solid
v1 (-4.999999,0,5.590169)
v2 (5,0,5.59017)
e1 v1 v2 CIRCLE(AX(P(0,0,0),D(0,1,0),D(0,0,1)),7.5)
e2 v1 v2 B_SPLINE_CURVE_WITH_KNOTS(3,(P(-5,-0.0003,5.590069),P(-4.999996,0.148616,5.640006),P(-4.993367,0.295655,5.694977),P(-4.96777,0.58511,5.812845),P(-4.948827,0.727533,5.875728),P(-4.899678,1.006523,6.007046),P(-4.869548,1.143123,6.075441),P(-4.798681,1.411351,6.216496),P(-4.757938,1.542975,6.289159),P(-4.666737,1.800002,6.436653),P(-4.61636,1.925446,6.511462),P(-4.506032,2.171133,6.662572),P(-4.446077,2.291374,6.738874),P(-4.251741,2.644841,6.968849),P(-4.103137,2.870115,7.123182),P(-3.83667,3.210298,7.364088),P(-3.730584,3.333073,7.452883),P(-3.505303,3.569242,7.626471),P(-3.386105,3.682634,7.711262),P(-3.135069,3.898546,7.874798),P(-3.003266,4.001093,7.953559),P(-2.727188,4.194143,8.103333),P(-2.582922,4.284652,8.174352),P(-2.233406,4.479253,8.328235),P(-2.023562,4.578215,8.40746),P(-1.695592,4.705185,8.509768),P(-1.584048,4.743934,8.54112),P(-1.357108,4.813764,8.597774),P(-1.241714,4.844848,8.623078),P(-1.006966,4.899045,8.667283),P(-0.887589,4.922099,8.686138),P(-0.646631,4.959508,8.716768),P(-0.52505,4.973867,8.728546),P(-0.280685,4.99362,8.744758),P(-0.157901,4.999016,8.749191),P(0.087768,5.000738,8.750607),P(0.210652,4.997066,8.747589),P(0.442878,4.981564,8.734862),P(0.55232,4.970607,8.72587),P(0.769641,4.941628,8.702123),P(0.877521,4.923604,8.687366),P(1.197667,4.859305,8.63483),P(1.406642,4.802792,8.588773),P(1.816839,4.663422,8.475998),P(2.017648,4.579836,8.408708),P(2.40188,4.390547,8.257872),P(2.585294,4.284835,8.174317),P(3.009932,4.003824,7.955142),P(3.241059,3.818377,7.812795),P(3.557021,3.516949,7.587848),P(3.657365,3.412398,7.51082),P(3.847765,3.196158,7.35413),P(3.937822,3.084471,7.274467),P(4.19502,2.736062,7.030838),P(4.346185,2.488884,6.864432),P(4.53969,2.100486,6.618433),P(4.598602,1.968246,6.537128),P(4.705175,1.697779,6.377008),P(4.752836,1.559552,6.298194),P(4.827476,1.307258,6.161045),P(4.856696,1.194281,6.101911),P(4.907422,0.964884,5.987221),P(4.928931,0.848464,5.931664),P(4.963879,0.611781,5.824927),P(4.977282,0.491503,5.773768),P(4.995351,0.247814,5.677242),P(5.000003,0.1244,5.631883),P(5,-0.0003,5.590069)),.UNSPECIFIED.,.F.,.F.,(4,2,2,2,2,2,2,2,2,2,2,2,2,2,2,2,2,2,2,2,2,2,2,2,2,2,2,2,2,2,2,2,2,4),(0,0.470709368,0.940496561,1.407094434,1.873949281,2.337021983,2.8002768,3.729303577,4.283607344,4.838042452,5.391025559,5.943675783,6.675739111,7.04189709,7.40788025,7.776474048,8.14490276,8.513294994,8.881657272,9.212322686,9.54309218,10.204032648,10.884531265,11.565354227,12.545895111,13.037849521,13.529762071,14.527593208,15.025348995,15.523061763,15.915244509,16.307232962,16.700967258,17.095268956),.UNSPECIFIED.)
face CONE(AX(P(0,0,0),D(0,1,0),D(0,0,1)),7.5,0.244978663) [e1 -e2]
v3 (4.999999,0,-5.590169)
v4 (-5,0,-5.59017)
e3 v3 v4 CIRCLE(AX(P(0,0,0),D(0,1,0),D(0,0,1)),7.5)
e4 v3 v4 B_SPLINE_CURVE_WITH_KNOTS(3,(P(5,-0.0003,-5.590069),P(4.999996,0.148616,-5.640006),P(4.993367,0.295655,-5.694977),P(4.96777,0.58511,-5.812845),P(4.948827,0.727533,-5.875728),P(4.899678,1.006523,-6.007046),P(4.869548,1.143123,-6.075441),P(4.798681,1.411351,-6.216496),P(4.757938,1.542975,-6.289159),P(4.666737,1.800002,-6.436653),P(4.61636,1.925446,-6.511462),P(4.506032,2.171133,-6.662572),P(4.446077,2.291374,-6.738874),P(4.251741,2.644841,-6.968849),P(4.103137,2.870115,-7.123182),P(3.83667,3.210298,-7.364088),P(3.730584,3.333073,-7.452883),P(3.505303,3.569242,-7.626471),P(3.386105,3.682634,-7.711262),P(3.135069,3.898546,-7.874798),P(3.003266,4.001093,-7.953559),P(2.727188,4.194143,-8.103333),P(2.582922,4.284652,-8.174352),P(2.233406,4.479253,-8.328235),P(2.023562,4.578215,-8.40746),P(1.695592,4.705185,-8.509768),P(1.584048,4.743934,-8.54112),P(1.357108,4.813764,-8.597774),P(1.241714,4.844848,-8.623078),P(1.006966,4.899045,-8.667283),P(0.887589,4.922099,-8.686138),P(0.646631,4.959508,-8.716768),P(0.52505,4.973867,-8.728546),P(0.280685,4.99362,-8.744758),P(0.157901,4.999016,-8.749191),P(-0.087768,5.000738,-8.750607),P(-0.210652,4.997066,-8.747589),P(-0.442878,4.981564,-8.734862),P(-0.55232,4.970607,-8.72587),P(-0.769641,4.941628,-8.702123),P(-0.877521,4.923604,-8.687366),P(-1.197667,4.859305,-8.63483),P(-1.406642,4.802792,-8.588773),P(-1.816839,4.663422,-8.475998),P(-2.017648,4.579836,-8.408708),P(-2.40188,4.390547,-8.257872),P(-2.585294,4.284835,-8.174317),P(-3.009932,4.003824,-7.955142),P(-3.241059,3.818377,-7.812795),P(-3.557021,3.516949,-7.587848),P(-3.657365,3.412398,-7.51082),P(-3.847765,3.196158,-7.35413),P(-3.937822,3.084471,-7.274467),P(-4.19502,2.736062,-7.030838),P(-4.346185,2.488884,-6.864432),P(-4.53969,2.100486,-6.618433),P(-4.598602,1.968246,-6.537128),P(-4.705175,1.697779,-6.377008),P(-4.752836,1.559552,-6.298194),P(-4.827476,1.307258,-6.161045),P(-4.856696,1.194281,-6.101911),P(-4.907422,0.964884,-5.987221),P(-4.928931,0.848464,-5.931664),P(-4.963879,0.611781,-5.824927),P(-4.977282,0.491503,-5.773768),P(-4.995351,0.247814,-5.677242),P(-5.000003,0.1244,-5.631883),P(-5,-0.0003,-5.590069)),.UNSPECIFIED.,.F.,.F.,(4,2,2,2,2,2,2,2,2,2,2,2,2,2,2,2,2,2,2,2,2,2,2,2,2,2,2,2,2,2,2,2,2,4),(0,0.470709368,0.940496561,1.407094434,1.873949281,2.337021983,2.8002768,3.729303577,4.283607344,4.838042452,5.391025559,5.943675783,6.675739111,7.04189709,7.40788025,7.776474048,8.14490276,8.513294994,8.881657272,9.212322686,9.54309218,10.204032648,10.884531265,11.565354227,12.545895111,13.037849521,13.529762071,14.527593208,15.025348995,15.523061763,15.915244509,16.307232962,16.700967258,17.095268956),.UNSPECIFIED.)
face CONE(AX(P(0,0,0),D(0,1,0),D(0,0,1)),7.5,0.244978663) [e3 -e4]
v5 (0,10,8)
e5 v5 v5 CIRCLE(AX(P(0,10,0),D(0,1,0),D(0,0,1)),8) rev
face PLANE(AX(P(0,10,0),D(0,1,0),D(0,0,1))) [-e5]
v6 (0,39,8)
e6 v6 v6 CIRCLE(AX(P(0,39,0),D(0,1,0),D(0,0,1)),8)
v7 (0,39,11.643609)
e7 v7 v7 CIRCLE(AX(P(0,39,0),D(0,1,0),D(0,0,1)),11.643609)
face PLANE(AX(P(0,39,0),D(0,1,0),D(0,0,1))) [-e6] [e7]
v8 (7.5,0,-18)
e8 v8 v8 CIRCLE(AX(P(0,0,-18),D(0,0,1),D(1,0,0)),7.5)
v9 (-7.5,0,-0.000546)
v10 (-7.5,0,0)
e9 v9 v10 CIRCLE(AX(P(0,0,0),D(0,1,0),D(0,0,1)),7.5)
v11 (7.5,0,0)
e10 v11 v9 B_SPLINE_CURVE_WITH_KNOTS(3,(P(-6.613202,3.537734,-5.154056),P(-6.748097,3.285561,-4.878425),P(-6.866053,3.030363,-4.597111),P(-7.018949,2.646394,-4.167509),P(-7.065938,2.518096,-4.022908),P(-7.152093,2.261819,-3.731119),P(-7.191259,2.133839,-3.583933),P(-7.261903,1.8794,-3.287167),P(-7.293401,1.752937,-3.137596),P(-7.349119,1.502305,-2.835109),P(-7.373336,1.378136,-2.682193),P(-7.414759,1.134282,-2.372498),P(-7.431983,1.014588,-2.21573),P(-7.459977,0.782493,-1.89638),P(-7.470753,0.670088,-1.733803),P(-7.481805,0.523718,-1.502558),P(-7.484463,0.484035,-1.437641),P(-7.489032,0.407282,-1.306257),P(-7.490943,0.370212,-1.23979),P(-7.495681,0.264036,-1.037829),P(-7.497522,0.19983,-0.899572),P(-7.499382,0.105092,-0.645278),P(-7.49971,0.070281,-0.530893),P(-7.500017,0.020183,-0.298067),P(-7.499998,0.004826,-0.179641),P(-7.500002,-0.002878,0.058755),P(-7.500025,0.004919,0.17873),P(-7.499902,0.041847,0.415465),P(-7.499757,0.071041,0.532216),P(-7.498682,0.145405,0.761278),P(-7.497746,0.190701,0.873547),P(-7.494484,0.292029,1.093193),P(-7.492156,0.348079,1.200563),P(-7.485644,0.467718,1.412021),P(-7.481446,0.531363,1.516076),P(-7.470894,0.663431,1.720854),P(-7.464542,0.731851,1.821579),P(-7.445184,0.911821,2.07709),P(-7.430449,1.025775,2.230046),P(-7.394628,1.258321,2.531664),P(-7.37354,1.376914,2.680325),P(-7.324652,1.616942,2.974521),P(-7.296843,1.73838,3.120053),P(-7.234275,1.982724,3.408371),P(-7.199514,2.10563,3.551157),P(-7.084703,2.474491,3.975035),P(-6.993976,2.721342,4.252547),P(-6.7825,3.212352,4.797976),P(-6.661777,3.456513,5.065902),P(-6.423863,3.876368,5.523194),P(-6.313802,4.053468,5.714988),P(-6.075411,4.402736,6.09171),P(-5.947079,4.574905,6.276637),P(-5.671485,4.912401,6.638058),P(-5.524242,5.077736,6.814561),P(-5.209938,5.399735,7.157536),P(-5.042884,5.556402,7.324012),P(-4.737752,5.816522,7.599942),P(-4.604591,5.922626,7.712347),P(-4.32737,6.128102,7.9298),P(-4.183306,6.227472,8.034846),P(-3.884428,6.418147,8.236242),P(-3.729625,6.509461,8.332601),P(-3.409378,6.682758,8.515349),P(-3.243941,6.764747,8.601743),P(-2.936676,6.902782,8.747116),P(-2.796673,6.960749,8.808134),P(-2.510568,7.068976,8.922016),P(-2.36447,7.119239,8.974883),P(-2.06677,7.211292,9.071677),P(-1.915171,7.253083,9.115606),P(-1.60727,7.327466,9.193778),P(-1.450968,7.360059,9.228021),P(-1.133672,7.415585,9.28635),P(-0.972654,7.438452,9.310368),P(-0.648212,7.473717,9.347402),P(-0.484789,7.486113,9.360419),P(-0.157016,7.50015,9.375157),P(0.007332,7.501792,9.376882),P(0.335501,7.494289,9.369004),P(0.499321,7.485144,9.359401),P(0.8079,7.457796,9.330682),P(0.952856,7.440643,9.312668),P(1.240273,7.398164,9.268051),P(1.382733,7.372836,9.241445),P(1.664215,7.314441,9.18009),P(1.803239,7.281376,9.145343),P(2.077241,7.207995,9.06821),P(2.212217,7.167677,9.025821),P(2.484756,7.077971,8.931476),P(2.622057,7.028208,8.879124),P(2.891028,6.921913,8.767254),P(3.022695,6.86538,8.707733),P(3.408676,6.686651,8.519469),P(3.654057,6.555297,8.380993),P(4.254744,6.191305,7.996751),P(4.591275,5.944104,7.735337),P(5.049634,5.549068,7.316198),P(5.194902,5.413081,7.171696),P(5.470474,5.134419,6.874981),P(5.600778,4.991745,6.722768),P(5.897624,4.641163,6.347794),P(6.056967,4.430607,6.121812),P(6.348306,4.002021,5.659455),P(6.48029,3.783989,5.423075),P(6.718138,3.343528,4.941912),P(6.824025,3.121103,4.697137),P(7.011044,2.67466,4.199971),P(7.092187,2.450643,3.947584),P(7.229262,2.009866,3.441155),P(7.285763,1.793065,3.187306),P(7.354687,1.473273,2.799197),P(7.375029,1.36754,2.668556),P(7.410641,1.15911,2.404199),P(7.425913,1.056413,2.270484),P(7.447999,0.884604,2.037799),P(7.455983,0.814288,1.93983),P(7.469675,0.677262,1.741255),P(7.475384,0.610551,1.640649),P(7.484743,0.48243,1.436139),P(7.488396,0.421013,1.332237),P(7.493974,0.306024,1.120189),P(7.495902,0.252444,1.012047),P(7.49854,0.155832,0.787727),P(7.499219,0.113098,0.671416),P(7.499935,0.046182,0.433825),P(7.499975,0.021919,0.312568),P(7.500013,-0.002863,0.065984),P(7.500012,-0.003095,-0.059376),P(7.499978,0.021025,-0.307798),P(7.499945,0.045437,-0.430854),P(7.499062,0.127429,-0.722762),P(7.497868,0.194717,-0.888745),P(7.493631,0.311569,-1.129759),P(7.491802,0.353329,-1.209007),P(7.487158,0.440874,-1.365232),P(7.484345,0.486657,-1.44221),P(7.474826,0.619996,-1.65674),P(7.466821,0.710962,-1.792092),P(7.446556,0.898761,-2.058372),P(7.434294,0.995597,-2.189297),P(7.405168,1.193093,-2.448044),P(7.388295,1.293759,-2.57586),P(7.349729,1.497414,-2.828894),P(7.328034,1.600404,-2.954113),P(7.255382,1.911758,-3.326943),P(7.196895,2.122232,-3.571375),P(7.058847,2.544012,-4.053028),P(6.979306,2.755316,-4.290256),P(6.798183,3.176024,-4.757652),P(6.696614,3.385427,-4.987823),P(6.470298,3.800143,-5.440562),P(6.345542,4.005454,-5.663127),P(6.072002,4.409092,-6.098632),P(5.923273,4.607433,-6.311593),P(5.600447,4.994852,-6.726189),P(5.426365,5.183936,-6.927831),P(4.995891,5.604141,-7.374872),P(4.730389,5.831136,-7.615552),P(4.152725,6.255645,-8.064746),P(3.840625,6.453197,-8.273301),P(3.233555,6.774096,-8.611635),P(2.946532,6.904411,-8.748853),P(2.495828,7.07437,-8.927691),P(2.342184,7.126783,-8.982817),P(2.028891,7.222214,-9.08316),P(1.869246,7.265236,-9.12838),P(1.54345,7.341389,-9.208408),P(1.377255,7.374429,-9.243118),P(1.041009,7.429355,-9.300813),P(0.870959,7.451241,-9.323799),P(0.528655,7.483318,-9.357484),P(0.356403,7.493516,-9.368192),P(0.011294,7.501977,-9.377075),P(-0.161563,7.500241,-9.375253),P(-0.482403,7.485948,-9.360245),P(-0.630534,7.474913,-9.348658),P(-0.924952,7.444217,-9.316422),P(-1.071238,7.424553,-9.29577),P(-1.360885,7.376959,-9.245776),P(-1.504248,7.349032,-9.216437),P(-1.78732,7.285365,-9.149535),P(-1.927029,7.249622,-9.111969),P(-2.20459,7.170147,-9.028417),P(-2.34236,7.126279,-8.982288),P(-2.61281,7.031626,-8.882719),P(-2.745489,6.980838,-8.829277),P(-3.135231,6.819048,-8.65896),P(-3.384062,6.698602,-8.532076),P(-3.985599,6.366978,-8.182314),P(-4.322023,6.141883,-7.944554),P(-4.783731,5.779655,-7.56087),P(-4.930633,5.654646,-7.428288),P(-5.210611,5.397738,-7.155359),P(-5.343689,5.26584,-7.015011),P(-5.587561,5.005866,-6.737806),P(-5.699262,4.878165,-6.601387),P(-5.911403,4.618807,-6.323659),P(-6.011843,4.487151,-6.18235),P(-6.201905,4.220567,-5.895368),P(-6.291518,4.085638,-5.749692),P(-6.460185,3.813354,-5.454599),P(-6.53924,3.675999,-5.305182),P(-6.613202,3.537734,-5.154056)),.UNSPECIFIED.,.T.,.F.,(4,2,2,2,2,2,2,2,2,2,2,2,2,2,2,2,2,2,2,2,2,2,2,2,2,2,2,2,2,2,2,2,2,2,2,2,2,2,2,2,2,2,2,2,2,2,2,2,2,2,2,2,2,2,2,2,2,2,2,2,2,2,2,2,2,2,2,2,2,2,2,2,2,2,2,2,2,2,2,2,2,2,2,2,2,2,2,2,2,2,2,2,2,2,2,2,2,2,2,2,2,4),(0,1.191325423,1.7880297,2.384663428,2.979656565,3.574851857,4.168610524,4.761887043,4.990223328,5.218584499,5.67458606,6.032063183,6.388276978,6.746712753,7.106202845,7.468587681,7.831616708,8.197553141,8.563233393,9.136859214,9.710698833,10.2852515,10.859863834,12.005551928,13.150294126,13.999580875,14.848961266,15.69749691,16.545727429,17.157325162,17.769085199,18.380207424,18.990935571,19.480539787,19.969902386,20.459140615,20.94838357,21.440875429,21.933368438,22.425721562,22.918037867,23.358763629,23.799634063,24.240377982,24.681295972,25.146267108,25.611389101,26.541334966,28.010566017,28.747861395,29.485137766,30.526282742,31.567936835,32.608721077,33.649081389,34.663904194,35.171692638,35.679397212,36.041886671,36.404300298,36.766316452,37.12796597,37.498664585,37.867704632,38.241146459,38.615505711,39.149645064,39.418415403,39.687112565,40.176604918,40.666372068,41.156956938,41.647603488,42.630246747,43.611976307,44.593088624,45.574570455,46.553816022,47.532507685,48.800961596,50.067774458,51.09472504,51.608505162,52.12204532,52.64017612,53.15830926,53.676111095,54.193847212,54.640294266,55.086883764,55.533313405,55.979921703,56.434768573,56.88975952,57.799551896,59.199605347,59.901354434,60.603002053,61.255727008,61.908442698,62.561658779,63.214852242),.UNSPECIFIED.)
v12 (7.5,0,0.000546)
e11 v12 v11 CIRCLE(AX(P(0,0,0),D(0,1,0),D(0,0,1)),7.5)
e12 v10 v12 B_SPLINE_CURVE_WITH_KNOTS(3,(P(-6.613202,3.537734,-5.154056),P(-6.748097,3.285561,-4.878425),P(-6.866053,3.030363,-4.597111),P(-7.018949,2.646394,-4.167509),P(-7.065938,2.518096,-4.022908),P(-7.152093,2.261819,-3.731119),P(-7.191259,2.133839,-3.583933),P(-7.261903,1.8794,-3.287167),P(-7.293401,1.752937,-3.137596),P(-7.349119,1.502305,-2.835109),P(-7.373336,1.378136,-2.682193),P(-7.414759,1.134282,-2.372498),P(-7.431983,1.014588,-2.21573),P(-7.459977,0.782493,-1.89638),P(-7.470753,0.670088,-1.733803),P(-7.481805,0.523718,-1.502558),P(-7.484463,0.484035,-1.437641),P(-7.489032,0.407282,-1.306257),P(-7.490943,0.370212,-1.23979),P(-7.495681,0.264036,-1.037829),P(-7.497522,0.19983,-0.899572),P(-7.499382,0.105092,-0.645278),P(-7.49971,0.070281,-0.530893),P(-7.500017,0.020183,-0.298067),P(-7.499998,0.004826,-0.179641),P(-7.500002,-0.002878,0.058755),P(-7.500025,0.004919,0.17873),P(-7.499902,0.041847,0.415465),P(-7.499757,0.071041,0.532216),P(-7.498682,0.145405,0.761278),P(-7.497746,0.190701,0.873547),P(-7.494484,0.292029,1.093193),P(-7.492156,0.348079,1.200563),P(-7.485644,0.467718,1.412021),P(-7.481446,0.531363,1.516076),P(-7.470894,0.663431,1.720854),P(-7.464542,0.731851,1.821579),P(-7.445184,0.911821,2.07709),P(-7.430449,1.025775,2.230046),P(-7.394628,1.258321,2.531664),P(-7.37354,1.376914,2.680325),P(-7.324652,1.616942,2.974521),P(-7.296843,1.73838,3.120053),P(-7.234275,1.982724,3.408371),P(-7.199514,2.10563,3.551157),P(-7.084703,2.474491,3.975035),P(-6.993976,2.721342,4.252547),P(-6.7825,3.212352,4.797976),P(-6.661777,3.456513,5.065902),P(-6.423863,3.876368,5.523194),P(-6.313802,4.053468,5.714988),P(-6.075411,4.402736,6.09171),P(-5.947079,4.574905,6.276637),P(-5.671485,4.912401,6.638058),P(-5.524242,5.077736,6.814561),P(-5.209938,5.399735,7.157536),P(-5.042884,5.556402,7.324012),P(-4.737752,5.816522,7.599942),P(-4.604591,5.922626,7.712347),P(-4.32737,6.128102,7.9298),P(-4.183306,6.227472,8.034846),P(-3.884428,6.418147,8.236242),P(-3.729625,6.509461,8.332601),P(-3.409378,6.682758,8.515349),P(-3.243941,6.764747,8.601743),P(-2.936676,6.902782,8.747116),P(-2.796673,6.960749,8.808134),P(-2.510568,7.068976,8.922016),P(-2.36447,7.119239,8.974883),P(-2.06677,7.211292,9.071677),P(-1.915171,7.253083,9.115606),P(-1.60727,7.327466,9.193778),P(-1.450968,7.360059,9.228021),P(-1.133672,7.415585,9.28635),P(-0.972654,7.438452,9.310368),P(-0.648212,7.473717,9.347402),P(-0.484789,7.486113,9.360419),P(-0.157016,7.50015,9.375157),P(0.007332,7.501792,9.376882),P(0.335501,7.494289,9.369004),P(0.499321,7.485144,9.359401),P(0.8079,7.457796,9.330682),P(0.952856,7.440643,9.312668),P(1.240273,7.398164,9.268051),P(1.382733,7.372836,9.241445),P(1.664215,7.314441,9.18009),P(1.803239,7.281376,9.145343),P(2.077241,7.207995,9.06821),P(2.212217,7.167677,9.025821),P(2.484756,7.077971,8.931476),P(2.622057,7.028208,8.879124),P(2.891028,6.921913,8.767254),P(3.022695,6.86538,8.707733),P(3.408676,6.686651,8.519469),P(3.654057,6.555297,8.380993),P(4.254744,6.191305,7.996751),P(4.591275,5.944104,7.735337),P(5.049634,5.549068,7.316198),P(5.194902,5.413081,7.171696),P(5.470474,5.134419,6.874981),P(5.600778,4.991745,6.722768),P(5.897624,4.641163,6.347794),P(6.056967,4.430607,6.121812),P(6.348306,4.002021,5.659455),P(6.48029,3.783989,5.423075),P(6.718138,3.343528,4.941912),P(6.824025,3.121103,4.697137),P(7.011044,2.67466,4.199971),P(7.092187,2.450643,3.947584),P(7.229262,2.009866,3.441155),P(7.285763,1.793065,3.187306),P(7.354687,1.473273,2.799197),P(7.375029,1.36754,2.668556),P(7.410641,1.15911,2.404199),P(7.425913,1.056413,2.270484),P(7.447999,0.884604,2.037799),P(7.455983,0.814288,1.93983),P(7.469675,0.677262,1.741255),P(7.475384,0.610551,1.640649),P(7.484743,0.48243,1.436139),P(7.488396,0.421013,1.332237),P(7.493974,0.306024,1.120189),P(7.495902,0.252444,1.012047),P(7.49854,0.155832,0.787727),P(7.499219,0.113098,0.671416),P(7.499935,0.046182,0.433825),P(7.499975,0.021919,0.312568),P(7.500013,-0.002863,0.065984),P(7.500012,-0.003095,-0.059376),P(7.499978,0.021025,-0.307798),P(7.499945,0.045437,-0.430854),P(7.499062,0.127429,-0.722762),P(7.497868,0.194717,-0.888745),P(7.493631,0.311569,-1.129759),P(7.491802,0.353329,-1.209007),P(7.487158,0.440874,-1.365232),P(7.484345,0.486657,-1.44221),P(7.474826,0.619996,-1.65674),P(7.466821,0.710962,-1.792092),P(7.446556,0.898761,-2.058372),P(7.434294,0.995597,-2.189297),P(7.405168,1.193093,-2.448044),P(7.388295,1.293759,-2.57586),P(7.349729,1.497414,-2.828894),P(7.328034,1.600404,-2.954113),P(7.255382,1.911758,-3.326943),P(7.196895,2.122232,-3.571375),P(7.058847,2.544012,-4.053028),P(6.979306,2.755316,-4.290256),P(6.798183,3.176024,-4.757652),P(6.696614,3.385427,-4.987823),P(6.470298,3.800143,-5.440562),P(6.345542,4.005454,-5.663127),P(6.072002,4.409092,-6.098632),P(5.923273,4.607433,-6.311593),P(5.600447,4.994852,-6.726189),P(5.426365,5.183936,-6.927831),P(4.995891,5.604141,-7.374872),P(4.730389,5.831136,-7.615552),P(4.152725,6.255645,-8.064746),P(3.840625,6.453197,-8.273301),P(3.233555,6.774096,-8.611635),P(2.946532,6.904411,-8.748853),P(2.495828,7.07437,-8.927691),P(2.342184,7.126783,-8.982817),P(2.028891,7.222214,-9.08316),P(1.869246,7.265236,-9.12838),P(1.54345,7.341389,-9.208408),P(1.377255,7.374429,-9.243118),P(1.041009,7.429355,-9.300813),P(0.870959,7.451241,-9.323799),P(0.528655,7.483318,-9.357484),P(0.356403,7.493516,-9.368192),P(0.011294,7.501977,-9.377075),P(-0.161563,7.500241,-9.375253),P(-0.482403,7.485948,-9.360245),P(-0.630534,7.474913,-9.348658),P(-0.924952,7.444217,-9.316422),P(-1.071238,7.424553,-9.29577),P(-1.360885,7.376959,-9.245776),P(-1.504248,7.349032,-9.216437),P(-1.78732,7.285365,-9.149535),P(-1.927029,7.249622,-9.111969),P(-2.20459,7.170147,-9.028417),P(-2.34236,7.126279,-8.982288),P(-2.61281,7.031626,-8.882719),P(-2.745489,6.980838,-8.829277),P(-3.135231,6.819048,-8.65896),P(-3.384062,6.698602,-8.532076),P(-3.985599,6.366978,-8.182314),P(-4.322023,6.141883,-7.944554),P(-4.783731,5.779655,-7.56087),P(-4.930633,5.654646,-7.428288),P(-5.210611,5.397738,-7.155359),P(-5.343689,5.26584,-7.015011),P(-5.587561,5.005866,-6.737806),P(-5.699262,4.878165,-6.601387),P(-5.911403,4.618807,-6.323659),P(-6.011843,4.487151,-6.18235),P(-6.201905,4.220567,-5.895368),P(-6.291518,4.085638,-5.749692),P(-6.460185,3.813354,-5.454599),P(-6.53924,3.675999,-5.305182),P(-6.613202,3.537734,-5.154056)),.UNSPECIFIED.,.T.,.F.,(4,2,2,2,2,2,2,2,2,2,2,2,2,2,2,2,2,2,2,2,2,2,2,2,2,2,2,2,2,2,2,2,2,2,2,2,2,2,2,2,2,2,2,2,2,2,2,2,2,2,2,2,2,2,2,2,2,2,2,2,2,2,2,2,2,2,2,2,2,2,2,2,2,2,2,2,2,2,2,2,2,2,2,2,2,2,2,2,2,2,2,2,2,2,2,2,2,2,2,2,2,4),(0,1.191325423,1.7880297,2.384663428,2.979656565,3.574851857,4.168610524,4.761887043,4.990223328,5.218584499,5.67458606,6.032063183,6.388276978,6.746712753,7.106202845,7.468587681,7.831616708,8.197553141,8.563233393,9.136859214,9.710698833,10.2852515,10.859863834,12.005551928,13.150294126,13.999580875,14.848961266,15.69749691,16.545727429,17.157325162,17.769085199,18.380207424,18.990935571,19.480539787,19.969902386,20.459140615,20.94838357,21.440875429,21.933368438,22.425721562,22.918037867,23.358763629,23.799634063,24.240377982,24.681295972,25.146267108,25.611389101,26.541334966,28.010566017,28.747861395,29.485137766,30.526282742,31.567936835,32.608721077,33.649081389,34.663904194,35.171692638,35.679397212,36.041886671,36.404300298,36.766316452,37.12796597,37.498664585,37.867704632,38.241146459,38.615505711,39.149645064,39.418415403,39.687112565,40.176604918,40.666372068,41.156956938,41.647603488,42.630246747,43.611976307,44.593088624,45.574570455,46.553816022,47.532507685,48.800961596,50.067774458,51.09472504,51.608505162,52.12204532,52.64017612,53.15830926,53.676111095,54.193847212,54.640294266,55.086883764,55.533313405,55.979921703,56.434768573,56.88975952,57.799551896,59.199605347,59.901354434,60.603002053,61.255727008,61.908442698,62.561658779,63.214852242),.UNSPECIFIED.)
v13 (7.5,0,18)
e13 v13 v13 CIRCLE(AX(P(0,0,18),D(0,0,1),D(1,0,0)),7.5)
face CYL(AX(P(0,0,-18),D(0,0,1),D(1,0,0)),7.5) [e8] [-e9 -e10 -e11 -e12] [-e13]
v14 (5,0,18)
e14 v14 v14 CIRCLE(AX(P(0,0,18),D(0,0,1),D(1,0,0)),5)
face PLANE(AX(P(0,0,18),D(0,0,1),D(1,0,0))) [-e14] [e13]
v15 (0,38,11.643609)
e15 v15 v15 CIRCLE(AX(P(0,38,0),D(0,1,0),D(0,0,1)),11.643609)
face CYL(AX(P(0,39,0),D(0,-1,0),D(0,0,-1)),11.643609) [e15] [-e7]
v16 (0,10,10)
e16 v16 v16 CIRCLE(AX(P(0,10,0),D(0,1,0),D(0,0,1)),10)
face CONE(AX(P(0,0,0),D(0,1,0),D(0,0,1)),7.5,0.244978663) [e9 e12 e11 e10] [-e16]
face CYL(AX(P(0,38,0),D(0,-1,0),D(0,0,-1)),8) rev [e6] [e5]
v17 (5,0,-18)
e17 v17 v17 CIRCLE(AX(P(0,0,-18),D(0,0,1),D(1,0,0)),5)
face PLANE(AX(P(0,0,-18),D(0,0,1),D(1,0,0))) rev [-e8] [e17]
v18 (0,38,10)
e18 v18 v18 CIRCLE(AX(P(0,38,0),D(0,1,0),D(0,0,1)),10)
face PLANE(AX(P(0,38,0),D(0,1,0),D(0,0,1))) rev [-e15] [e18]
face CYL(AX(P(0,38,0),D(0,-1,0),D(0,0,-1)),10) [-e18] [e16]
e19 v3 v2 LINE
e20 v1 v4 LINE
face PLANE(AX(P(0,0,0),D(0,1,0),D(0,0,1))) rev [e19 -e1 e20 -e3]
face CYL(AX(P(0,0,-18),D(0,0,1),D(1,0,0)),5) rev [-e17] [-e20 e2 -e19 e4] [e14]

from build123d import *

# Parameters (mm, degrees)
SKETCH1_R                = 7.5
SKETCH1_R_2              = 5
BOSS_EXTRUDE1_DEPTH      = 18
BOSS_EXTRUDE1_DEPTH_BACK = 18
SKETCH3_R                = 10
SKETCH2_R                = 7.5
SKETCH4_R                = 10
SKETCH4_R_2              = 8
BOSS_EXTRUDE3_DEPTH      = 28
SKETCH5_R                = 11.643608711
SKETCH5_R_2              = 8
BOSS_EXTRUDE4_DEPTH      = 1


with BuildPart() as part:
    # Sketch1 → Boss-Extrude1 (new body, two sides)
    with BuildSketch(Plane.XY) as boss_extrude1_sk:
        Circle(SKETCH1_R)
        Circle(SKETCH1_R_2, mode=Mode.SUBTRACT)
    extrude(amount=BOSS_EXTRUDE1_DEPTH)
    extrude(boss_extrude1_sk.sketch, amount=-BOSS_EXTRUDE1_DEPTH_BACK)

    # Sketch3 → Loft1 section 0
    with BuildSketch(Plane(origin=(0, 10, 0), x_dir=(1, 0, 0), z_dir=(0, 1, 0))):
        Circle(SKETCH3_R)
    # Sketch2 → Loft1 section 1
    with BuildSketch(Plane(origin=(0, 0, 0), x_dir=(1, 0, 0), z_dir=(0, 1, 0))):
        Circle(SKETCH2_R)
    loft()

    # Sketch4 → Boss-Extrude3 (add)
    with BuildSketch(Plane(origin=(0, 10, 0), x_dir=(1, 0, 0), z_dir=(0, 1, 0))):
        Circle(SKETCH4_R)
        Circle(SKETCH4_R_2, mode=Mode.SUBTRACT)
    extrude(amount=BOSS_EXTRUDE3_DEPTH)

    # Sketch5 → Boss-Extrude4 (add)
    with BuildSketch(Plane(origin=(0, 38, 0), x_dir=(1, 0, 0), z_dir=(0, 1, 0))):
        Circle(SKETCH5_R)
        Circle(SKETCH5_R_2, mode=Mode.SUBTRACT)
    extrude(amount=BOSS_EXTRUDE4_DEPTH)


solid = part.part
